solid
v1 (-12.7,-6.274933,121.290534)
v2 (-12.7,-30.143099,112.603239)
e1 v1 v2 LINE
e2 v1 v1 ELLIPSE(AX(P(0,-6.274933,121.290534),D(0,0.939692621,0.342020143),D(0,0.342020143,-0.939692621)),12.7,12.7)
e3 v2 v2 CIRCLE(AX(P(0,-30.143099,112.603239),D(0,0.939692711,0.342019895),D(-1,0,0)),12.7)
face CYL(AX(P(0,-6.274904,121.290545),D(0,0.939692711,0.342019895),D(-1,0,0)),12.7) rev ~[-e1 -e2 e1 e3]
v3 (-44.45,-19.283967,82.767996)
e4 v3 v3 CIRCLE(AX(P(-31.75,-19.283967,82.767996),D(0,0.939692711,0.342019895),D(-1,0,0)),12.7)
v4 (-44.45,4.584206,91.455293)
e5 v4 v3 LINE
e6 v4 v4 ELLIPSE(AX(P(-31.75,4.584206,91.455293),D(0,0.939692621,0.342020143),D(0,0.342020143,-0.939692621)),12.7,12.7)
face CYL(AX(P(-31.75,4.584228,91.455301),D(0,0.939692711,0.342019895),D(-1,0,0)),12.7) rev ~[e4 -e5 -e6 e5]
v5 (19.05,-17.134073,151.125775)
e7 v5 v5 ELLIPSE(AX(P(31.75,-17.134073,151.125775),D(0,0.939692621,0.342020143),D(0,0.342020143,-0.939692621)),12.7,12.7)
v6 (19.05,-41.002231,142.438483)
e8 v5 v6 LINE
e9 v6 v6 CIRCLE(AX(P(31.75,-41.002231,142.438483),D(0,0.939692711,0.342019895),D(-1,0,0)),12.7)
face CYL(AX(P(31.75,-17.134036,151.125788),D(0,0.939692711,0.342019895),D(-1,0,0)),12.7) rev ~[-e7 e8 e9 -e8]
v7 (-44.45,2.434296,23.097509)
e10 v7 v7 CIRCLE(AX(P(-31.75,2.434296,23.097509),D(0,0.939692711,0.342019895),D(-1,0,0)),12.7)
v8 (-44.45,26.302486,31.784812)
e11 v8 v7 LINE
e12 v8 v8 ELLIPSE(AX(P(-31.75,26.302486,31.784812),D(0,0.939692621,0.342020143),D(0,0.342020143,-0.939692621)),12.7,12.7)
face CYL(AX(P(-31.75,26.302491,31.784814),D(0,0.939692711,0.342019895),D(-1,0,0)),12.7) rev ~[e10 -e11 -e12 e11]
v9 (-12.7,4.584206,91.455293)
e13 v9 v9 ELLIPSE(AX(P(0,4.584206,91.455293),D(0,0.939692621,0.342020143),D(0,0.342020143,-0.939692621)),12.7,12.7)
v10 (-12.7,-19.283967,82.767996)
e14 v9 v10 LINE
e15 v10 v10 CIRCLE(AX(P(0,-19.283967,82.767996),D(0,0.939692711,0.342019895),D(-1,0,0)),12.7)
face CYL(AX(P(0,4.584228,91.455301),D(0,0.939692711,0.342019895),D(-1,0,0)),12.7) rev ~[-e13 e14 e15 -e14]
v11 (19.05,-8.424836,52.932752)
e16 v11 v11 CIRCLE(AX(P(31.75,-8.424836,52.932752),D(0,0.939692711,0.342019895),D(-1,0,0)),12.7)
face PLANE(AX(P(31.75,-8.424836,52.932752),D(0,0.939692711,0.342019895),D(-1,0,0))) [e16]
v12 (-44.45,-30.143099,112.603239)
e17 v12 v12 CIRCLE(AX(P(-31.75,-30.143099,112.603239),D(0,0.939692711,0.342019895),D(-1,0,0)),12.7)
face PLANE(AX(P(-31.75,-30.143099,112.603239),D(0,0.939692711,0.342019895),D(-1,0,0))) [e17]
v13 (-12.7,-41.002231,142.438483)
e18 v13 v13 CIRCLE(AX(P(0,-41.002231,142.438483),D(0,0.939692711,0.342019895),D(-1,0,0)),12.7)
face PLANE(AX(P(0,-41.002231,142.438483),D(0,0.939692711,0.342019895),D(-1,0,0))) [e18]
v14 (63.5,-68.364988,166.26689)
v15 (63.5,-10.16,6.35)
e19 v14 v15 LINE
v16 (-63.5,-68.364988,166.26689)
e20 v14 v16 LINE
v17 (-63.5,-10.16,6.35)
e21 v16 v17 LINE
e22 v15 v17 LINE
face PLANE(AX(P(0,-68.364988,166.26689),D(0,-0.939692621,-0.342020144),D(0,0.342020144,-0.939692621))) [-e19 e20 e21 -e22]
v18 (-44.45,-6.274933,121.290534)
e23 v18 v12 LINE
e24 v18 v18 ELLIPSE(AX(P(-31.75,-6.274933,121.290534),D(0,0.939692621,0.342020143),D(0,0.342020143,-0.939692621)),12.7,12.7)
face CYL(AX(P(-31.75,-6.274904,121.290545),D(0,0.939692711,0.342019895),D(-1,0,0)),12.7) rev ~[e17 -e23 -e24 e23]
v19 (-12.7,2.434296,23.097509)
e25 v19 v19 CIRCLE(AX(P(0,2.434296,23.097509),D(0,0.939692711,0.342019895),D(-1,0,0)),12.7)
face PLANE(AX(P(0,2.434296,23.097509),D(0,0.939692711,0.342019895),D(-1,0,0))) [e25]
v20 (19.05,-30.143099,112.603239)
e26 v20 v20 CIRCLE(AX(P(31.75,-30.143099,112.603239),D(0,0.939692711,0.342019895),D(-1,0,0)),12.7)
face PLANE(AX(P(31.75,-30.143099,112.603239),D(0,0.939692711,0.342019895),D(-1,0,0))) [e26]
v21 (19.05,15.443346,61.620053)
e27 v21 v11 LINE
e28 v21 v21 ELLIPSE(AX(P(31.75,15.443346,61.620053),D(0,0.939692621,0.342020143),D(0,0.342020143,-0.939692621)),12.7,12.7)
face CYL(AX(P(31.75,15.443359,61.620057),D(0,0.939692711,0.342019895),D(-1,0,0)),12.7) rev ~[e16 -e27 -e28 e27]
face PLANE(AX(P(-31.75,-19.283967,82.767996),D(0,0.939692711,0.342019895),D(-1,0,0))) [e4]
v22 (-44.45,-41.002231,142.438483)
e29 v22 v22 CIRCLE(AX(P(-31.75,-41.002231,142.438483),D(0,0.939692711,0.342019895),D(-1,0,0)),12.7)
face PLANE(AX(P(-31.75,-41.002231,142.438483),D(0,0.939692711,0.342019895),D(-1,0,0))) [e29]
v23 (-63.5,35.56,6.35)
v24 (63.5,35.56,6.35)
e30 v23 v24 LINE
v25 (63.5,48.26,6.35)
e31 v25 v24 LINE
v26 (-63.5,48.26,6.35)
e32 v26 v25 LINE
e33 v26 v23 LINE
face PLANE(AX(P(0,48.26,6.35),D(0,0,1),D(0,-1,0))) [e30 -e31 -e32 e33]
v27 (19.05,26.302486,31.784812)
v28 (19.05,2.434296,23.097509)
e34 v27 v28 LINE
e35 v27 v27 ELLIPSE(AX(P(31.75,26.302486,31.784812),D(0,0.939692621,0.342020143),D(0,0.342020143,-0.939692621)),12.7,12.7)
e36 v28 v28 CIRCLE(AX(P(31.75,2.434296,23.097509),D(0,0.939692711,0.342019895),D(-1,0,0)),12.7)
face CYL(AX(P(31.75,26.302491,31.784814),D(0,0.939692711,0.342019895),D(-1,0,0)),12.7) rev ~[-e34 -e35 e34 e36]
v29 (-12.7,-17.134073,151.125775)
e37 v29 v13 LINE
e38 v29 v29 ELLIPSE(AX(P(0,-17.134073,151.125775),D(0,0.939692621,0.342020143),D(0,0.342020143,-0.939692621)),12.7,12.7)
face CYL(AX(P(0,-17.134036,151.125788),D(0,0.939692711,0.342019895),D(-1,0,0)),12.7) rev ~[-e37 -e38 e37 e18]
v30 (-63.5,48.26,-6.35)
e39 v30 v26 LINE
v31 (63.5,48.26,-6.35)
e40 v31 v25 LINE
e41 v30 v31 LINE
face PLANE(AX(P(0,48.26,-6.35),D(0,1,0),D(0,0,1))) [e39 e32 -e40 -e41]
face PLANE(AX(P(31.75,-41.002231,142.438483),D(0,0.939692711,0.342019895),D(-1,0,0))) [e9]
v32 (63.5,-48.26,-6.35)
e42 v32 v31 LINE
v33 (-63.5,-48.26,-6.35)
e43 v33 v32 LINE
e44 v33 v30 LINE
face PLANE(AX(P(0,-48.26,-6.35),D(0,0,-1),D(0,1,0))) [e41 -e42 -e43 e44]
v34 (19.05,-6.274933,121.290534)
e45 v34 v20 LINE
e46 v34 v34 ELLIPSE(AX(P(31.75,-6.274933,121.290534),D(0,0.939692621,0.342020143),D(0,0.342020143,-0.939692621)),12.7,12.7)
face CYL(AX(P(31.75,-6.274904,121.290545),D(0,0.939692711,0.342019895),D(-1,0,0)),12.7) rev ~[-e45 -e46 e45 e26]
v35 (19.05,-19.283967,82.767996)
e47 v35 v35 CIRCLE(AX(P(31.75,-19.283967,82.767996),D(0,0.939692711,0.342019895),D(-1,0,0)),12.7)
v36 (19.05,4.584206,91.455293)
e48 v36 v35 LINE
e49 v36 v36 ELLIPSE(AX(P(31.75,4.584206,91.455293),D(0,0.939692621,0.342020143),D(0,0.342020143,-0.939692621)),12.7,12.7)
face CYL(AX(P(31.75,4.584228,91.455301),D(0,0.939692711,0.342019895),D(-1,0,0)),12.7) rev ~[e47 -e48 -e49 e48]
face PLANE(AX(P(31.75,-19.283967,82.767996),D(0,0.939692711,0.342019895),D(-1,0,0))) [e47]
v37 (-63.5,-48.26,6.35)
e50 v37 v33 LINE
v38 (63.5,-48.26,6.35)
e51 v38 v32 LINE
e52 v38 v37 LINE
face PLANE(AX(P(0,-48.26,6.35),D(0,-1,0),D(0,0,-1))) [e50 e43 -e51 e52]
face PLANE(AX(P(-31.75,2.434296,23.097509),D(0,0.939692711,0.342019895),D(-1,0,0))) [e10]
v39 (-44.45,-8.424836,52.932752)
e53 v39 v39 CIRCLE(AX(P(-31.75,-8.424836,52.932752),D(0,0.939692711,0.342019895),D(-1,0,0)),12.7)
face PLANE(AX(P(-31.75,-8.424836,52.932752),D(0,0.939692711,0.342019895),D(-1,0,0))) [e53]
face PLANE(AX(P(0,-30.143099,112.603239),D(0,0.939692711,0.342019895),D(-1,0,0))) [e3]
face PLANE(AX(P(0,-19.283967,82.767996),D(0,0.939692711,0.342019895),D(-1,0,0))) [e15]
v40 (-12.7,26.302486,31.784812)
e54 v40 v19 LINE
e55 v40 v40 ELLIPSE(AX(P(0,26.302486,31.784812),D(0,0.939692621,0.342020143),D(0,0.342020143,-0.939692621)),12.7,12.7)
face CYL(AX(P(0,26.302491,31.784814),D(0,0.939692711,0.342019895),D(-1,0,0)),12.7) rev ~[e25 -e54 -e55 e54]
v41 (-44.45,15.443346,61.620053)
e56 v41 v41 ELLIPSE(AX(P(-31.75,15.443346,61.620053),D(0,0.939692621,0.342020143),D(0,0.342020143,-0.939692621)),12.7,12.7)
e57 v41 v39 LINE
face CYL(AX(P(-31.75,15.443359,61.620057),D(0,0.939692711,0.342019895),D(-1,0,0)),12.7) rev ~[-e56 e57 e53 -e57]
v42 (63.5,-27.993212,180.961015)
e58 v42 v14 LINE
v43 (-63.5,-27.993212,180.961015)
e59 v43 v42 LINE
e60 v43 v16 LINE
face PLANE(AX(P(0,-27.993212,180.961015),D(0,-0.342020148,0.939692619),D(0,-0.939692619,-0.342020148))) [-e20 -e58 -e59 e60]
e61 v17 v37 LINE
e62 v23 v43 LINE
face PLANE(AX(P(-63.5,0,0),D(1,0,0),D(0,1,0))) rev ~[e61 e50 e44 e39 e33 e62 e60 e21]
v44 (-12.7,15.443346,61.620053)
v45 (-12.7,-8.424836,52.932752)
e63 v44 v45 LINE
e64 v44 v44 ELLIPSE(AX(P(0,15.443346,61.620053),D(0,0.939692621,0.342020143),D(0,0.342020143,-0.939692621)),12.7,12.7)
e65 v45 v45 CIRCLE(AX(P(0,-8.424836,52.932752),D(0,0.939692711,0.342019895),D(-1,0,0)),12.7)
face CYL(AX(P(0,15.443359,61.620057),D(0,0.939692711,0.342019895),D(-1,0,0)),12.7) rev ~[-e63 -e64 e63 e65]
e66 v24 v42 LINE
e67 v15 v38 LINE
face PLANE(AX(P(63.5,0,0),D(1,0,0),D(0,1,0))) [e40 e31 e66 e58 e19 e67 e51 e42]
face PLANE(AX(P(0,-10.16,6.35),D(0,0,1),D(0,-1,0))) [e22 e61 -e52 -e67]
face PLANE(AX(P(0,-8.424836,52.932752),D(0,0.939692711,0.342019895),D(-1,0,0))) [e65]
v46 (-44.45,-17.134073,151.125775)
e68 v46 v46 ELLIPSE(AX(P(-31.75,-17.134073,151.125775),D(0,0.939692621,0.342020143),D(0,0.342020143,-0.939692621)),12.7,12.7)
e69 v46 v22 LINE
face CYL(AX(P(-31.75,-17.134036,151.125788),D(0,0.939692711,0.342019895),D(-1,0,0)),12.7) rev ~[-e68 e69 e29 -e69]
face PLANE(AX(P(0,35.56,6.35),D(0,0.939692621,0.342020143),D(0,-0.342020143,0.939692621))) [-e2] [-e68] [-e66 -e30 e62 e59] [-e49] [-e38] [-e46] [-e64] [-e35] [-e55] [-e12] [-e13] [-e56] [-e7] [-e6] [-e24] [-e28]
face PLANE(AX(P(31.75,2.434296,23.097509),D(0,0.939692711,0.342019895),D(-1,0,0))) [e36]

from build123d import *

# Parameters (mm, degrees)
F1_DEPTH      = 63.5
F1_DEPTH_BACK = 63.5
F2_R          = 12.7
F3_DEPTH      = 25.4


with BuildPart() as f1:
    # F0 (on Right) → F1 (new body, two sides)
    with BuildSketch(Plane.YZ) as f1_sk:
        Polygon((-48.26, 6.35), (-48.26, -6.35), (48.26, -6.35), (48.26, 6.35), (35.56, 6.35), (-10.16, 6.35), align=None)
        Polygon((-68.364988, 166.26689), (-10.16, 6.35), (35.56, 6.35), (-27.993212, 180.961015), align=None)
    extrude(amount=F1_DEPTH)
    extrude(f1_sk.sketch, amount=-F1_DEPTH_BACK)

    # F2 (on face) → F3 (cut)
    with BuildSketch(Plane(origin=(0, 33.441121, 12.171573), x_dir=(-1, 0, 0), z_dir=(0, 0.939693, 0.34202))):
        with Locations((-31.75, 147.871973)):
            Circle(F2_R)
        with Locations((0, 147.871973)):
            Circle(F2_R)
        with Locations((31.75, 147.871973)):
            Circle(F2_R)
        with Locations((31.75, 116.121973)):
            Circle(F2_R)
        with Locations((-31.75, 116.121973)):
            Circle(F2_R)
        with Locations((0, 116.121973)):
            Circle(F2_R)
        with Locations((31.75, 84.371973)):
            Circle(F2_R)
        with Locations((0, 84.371973)):
            Circle(F2_R)
        with Locations((-31.75, 84.371973)):
            Circle(F2_R)
        with Locations((0, 52.621973)):
            Circle(F2_R)
        with Locations((31.75, 52.621973)):
            Circle(F2_R)
        with Locations((-31.75, 52.621973)):
            Circle(F2_R)
        with Locations((-31.75, 20.871973)):
            Circle(F2_R)
        with Locations((0, 20.871973)):
            Circle(F2_R)
        with Locations((31.75, 20.871973)):
            Circle(F2_R)
    extrude(amount=-F3_DEPTH, mode=Mode.SUBTRACT)


solid = f1.part
